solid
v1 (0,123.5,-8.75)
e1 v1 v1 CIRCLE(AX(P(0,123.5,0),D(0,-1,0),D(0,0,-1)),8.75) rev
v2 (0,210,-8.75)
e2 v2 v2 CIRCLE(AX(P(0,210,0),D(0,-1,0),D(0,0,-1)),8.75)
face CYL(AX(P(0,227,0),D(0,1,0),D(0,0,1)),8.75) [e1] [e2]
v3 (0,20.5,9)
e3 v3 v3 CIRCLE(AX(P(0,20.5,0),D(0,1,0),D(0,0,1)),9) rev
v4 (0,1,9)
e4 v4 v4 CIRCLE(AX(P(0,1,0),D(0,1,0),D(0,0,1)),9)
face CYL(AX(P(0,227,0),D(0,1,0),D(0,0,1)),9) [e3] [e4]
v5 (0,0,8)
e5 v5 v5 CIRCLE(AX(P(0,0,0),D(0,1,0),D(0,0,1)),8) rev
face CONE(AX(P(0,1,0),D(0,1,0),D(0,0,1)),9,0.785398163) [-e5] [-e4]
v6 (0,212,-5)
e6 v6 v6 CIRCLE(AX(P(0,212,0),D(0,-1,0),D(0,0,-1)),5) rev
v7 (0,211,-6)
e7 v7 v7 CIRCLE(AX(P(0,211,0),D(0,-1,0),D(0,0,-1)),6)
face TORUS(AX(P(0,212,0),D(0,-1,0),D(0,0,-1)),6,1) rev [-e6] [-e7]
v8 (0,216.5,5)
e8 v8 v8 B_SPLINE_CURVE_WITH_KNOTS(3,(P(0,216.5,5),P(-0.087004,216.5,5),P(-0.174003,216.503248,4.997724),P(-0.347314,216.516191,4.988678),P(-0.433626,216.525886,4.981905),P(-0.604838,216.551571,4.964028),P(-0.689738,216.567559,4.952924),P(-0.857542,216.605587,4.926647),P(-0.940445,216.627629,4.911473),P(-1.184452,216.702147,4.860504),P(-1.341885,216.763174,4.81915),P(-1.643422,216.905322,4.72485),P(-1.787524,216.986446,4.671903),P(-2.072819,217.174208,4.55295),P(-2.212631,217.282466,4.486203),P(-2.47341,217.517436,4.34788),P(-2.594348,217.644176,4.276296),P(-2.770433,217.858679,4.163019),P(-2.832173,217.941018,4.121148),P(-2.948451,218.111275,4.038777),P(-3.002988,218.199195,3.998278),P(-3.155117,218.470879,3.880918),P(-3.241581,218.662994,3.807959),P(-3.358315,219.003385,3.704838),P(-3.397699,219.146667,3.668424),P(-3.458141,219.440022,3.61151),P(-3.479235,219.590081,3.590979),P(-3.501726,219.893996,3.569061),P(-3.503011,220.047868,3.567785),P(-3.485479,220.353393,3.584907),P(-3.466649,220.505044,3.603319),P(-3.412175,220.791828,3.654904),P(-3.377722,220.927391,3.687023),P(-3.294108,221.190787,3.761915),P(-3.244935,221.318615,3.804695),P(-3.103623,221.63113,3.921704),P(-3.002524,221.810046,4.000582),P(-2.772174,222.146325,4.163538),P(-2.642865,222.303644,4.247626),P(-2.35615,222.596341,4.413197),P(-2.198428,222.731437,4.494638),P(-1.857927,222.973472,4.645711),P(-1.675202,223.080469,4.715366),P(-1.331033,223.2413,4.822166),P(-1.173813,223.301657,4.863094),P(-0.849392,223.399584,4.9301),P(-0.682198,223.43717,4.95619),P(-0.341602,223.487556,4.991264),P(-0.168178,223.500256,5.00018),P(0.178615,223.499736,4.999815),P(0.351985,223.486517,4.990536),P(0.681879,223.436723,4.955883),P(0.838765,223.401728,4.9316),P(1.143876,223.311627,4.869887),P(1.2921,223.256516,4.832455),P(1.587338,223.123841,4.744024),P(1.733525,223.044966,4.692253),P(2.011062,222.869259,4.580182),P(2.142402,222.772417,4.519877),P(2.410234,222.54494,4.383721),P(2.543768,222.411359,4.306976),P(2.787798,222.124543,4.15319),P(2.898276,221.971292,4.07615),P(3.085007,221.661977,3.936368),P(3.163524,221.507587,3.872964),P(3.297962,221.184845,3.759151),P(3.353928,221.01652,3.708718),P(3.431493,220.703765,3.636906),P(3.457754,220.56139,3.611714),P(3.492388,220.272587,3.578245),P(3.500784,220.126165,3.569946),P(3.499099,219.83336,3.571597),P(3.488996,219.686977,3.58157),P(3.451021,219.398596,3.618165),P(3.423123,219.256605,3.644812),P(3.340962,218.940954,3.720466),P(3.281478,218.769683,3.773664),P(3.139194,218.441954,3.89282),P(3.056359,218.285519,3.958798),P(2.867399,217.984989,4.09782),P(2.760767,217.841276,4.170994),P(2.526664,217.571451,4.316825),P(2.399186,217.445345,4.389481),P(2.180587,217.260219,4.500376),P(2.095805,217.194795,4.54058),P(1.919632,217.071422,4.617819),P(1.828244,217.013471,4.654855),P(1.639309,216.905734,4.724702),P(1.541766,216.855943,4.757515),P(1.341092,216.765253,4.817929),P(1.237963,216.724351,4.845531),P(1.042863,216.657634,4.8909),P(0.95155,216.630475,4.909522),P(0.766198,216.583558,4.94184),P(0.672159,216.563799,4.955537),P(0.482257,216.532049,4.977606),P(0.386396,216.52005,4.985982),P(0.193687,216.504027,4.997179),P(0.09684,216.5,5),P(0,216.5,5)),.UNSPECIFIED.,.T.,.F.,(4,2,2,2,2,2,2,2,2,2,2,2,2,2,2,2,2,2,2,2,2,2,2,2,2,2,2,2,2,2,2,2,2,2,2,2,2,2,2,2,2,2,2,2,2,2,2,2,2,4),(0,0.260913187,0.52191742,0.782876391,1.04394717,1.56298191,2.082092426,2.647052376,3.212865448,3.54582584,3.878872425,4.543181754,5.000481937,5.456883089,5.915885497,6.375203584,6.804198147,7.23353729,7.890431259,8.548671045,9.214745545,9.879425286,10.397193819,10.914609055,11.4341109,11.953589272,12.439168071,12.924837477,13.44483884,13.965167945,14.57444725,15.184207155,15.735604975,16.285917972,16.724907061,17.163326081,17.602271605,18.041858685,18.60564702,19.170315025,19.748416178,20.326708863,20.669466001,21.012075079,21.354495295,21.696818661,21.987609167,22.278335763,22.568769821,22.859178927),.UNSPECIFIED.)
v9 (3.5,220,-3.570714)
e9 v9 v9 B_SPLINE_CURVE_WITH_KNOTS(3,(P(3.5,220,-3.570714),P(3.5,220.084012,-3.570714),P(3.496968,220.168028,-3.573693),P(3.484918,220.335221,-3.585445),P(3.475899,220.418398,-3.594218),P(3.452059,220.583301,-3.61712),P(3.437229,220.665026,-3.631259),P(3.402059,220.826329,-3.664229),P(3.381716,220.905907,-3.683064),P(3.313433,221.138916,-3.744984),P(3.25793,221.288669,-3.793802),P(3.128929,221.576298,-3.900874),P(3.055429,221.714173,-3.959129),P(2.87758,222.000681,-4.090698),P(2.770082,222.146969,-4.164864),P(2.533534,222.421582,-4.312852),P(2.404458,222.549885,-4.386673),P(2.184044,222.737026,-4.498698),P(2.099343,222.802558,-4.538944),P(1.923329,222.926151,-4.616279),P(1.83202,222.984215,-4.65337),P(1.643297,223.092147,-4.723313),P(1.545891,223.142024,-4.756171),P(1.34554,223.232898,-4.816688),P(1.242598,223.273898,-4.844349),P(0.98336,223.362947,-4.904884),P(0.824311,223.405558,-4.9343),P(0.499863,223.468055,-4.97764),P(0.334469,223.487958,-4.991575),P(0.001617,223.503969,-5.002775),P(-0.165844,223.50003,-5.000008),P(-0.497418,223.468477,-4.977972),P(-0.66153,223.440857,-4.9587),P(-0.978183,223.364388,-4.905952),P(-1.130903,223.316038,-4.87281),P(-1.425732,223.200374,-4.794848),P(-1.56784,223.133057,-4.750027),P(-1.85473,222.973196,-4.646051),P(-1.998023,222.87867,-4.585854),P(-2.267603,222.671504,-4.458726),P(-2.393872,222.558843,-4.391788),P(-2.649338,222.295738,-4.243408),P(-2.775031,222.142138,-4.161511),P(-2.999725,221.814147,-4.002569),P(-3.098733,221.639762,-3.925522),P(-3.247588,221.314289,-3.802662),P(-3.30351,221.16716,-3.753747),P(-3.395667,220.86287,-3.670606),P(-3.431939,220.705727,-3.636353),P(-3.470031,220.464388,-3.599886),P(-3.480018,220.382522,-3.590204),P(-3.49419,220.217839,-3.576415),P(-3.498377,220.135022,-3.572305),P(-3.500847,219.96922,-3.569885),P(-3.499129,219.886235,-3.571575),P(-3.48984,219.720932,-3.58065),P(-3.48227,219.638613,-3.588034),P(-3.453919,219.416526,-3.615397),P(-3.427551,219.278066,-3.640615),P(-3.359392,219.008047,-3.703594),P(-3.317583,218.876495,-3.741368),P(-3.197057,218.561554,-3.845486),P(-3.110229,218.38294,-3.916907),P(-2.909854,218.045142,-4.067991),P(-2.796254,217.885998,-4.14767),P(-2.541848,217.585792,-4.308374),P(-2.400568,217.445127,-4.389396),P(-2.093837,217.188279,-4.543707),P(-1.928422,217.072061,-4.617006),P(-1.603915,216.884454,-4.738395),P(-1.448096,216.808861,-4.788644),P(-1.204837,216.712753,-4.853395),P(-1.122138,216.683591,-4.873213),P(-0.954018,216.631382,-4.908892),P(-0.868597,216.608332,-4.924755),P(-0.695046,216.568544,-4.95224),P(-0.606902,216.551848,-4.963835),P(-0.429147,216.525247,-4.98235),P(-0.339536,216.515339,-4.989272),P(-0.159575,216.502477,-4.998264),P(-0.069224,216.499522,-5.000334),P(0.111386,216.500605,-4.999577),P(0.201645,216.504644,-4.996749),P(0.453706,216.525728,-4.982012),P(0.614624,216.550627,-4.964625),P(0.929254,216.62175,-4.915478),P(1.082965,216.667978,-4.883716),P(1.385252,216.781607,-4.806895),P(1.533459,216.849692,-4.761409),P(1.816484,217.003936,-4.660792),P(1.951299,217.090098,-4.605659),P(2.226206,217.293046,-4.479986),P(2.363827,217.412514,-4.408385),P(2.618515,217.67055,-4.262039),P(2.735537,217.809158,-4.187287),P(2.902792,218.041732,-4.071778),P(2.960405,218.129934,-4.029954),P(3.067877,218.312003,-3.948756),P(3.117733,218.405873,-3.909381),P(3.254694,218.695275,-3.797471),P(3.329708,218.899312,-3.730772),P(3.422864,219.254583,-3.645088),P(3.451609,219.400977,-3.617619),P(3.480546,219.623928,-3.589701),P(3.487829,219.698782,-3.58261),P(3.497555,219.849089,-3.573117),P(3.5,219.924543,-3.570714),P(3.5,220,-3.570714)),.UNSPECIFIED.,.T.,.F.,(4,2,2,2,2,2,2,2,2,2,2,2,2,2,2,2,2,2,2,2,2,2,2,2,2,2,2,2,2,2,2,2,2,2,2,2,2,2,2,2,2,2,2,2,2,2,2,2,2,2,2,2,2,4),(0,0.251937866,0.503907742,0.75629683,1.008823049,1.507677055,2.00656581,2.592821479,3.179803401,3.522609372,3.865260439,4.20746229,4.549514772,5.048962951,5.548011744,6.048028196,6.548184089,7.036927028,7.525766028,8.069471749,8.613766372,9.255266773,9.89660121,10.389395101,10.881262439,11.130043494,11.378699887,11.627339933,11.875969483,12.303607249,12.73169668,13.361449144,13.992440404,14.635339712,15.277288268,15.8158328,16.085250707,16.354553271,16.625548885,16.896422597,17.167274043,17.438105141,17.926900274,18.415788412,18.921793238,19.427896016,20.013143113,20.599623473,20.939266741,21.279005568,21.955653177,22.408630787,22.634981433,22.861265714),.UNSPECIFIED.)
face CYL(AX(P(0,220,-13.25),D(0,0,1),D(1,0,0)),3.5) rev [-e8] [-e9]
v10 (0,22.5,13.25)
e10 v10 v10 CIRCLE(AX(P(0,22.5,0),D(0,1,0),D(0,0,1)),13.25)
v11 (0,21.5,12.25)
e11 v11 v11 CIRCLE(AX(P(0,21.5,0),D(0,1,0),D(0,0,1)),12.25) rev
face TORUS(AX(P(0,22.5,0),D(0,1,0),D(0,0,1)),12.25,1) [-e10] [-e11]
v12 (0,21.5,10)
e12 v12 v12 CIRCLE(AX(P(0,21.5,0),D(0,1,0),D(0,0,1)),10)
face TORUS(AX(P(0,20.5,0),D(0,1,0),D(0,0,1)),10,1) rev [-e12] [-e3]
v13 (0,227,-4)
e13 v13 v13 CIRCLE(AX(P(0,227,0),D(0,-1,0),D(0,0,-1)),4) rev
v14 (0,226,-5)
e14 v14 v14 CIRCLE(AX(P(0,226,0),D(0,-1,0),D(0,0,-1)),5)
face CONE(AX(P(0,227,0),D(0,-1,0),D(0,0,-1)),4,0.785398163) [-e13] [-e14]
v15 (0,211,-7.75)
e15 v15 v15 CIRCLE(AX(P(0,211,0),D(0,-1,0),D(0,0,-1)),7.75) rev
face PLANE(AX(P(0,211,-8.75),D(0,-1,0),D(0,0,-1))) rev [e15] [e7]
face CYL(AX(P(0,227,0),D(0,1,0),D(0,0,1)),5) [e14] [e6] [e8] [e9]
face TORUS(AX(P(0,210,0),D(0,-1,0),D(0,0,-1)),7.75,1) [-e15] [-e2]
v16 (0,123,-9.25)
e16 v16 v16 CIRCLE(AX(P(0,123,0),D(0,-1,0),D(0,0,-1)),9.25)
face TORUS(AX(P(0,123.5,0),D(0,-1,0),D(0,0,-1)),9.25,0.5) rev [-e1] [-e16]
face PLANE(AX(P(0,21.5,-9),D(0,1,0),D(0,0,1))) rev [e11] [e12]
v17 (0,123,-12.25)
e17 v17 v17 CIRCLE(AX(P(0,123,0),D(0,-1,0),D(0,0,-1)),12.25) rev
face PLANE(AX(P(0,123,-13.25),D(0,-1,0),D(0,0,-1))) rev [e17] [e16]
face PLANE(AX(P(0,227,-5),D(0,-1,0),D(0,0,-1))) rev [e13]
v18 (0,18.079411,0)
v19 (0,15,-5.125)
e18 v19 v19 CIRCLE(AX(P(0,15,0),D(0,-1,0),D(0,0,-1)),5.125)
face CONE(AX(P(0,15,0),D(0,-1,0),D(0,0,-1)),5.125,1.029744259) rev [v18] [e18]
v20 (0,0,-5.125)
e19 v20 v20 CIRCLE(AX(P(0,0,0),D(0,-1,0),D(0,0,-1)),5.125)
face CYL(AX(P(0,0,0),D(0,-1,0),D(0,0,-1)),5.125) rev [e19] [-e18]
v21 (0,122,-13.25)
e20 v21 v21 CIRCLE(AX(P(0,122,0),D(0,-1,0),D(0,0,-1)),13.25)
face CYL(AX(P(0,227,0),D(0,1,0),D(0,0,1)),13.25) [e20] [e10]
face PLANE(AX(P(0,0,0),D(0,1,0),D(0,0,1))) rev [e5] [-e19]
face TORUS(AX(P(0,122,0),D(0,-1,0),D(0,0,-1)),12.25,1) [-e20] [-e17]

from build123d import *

# Parameters (mm, degrees)
CORTAR_EXTRUIR1_DEPTH             = 228.772090037
CORTAR_EXTRUIR1_DEPTH_BACK        = 228.772090037
CROQUIS3_R                        = 3.5
CHAFL_N2_SIZE                     = 1
REDONDEO1_R                       = 1
REDONDEO3_R                       = 1
CHAFL_N3_SIZE                     = 1
TALADRO_DE_MARGEN_PARA_M121_D     = 10.25
TALADRO_DE_MARGEN_PARA_M121_DEPTH = 15
TALADRO_DE_MARGEN_PARA_M121_TIP   = 3.079410673
REDONDEO4_R                       = 0.5


with BuildPart() as part:
    # Croquis1 → Revolución1 (revolve)
    with BuildSketch(Plane(origin=(0, 0, 0), x_dir=(0, 0, -1), z_dir=(1, 0, 0)), mode=Mode.PRIVATE) as revoluci_n1_sk:
        Polygon((0, 227), (0, 0), (9, 0), (9, 21.5), (13.25, 21.5), (13.25, 123), (8.75, 123), (8.75, 211), (5, 211), (5, 227), align=None)
    revolve(revoluci_n1_sk.sketch.rotate(Axis((0, 227, 0), (0, -1, 0)), 180), axis=Axis((0, 227, 0), (0, -1, 0)))

    # Croquis3 → Cortar-Extruir1 (cut, two sides: drawn at the far end of the back side and taken through both)
    with BuildSketch(Plane.XY.offset(-CORTAR_EXTRUIR1_DEPTH_BACK)):
        with Locations((0, 220)):
            Circle(CROQUIS3_R)
    extrude(amount=CORTAR_EXTRUIR1_DEPTH + CORTAR_EXTRUIR1_DEPTH_BACK, mode=Mode.SUBTRACT)

    # Chaflán2
    chafl_n2_edges = [part.edges().sort_by_distance(p)[0] for p in [
        (0, 227, -5),
    ]]
    chamfer(chafl_n2_edges, length=CHAFL_N2_SIZE)

    # Redondeo1
    redondeo1_edges = [part.edges().sort_by_distance(p)[0] for p in [
        (0, 21.5, -13.25),
        (0, 21.5, -9),
        (0, 211, -8.75),
        (0, 123, -13.25),
    ]]
    fillet(redondeo1_edges, radius=REDONDEO1_R)

    # Redondeo3
    redondeo3_edges = [part.edges().sort_by_distance(p)[0] for p in [
        (0, 211, -5),
    ]]
    fillet(redondeo3_edges, radius=REDONDEO3_R)

    # Chaflán3
    chafl_n3_edges = [part.edges().sort_by_distance(p)[0] for p in [
        (0, 0, -9),
    ]]
    chamfer(chafl_n3_edges, length=CHAFL_N3_SIZE)

    # Taladro de margen para M121
    with Locations(Plane(origin=(0, 0, 0), x_dir=(-1, 0, 0), z_dir=(0, -1, 0))):
        with Locations((0, 0)):
            Hole(TALADRO_DE_MARGEN_PARA_M121_D / 2, depth=TALADRO_DE_MARGEN_PARA_M121_DEPTH)
            with Locations((0, 0, -(TALADRO_DE_MARGEN_PARA_M121_DEPTH + TALADRO_DE_MARGEN_PARA_M121_TIP / 2))):  # 118° drill point
                Cone(0, TALADRO_DE_MARGEN_PARA_M121_D / 2, TALADRO_DE_MARGEN_PARA_M121_TIP, mode=Mode.SUBTRACT)

    # Redondeo4
    redondeo4_edges = [part.edges().sort_by_distance(p)[0] for p in [
        (0, 123, -8.75),
    ]]
    fillet(redondeo4_edges, radius=REDONDEO4_R)


solid = part.part
